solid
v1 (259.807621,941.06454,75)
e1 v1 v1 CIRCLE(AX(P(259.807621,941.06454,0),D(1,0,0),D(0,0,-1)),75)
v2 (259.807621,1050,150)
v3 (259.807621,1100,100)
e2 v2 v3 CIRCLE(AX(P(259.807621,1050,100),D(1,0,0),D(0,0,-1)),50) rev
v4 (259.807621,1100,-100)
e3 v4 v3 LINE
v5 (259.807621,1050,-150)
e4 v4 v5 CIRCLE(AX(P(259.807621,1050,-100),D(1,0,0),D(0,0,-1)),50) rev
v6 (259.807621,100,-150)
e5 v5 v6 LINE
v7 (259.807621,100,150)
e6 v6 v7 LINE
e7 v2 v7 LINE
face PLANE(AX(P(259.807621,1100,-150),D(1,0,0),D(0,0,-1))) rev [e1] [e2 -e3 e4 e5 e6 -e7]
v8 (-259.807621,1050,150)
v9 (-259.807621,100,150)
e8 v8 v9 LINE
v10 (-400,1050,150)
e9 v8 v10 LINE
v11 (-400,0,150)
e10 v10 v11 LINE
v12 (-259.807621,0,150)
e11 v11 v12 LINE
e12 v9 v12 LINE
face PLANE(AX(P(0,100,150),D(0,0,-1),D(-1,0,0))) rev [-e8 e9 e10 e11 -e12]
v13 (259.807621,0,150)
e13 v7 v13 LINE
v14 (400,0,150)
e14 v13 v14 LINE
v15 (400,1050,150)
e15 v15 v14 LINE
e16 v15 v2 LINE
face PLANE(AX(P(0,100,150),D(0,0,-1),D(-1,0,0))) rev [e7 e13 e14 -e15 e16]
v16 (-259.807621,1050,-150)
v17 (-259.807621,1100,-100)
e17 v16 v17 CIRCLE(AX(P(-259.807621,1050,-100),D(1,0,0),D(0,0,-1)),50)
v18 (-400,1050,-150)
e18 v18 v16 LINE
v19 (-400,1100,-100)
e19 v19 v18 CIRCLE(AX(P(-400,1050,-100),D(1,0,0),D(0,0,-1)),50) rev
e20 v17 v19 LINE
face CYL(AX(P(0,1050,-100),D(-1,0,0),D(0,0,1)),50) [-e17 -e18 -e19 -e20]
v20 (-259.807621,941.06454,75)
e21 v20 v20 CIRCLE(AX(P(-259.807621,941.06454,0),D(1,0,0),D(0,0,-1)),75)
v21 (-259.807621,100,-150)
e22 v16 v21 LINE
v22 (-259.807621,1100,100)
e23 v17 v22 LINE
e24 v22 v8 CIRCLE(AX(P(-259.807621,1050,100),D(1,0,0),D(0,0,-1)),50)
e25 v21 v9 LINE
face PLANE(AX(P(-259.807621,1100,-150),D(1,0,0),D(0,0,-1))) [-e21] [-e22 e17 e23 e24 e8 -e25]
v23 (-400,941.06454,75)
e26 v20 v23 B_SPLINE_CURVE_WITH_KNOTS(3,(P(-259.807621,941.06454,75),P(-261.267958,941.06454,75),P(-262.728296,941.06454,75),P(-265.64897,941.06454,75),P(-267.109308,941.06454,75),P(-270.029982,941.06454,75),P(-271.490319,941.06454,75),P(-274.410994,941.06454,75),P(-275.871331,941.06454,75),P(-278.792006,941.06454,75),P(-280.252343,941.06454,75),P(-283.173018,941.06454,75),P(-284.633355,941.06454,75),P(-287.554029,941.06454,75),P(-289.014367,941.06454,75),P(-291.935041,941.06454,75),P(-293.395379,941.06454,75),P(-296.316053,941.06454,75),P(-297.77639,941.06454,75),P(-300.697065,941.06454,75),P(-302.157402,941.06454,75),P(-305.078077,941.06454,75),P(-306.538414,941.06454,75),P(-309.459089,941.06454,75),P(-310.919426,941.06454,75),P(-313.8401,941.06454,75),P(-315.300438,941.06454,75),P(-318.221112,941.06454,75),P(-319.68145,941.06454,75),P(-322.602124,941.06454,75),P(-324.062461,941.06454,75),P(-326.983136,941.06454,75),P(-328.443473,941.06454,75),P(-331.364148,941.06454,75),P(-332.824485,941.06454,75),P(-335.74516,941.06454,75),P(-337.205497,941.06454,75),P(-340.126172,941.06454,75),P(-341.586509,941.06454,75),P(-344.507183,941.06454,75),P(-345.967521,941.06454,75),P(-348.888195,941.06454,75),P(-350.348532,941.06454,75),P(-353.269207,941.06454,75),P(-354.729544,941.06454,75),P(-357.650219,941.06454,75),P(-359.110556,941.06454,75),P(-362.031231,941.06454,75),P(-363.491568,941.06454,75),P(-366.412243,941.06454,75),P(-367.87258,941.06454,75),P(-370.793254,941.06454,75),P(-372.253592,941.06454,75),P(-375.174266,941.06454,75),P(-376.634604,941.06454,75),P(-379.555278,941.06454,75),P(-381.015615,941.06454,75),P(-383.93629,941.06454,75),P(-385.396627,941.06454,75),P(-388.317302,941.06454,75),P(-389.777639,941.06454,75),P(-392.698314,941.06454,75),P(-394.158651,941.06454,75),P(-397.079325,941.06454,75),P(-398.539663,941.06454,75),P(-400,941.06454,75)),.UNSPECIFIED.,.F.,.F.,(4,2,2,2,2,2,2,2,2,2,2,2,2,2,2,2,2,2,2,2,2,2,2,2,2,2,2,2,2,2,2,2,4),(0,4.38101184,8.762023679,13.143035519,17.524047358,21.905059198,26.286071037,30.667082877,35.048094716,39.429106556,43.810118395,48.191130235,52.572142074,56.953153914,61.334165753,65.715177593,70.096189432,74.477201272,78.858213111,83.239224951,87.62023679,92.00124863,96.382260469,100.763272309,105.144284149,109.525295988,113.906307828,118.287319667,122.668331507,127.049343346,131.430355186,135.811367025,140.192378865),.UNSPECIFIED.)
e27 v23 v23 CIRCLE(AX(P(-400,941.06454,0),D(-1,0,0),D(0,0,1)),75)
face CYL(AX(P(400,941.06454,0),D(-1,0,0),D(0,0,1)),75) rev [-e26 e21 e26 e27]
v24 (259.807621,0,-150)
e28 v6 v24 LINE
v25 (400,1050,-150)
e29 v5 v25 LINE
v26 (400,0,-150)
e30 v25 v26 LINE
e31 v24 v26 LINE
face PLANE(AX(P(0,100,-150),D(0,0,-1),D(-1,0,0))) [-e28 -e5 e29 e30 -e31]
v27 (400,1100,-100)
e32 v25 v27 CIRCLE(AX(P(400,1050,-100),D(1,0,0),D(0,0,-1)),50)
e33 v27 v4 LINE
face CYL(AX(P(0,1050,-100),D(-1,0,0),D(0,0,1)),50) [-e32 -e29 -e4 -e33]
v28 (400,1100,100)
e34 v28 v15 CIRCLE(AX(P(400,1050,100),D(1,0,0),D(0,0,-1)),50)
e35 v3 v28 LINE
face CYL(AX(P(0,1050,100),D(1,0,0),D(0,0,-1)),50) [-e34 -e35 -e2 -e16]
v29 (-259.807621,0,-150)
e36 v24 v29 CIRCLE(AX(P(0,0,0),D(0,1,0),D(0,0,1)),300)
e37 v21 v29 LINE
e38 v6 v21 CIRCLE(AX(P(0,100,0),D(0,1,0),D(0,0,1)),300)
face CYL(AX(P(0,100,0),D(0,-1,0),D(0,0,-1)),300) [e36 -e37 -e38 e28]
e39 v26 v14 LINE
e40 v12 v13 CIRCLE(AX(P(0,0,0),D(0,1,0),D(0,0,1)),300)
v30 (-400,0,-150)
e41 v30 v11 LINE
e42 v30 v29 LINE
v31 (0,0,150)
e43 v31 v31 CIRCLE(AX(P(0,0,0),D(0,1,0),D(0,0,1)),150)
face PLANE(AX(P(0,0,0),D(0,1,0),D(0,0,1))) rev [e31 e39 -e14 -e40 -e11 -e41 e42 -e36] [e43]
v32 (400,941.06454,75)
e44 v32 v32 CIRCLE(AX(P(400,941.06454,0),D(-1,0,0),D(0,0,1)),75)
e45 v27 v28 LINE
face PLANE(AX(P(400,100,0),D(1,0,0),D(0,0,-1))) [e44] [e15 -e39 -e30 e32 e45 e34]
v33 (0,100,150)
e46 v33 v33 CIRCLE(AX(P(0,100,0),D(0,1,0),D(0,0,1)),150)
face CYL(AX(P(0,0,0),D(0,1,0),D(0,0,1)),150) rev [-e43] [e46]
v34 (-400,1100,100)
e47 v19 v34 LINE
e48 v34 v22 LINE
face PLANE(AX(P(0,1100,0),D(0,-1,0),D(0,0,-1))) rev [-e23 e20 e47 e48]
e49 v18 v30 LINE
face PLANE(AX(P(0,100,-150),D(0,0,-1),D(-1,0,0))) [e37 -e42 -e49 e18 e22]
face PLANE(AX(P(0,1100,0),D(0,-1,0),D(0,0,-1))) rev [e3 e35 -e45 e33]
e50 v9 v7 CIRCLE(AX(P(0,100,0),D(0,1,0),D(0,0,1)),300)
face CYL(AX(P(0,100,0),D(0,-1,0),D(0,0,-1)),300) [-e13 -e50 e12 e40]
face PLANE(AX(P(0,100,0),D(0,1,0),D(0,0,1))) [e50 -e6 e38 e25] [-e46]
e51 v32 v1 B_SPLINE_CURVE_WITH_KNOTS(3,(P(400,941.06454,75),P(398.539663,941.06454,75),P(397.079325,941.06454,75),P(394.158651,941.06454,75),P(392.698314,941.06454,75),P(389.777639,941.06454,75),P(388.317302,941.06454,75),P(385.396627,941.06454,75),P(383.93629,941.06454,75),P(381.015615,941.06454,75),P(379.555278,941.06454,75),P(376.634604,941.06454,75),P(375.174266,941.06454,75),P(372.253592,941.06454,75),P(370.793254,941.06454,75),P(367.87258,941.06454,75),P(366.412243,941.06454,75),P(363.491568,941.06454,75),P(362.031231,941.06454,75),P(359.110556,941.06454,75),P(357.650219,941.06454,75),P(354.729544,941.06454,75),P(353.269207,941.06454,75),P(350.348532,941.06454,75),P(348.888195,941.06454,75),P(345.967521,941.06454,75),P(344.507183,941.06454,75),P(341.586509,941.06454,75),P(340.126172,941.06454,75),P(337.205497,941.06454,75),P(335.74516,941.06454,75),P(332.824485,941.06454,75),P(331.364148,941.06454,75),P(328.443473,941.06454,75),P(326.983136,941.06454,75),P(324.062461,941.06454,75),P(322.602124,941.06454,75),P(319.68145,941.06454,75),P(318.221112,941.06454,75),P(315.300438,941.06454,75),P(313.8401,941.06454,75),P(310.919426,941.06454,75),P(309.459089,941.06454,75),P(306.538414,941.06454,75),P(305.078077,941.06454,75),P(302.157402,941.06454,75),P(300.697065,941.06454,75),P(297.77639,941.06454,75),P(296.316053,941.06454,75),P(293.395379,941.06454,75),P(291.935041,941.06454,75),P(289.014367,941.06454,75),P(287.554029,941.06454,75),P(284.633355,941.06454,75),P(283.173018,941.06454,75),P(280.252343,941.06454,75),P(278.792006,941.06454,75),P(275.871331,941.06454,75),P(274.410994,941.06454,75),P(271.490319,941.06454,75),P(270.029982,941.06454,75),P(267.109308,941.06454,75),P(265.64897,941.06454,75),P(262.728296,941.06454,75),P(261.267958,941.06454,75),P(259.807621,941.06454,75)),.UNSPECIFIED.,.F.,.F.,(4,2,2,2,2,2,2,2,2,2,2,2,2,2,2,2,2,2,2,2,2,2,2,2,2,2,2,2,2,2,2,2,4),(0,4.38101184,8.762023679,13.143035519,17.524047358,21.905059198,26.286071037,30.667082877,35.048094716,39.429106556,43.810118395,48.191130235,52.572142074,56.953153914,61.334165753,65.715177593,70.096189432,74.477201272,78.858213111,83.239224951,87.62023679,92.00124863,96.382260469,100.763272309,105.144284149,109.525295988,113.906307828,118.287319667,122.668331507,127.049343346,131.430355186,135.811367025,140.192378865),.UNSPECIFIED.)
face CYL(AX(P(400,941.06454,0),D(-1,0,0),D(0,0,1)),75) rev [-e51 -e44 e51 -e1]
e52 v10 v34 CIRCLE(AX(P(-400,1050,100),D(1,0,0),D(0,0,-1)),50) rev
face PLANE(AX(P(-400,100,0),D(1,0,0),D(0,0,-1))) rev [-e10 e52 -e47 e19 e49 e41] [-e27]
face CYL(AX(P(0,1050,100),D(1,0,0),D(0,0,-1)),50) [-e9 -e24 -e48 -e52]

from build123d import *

# Parameters (mm, degrees)
BOSS_EXTRUDE1_DEPTH = 100
SKETCH2_W           = 140.192378865
SKETCH2_H           = 300
BOSS_EXTRUDE2_DEPTH = 1000
SKETCH3_R           = 150
CUT_EXTRUDE1_DEPTH  = 100
FILLET1_R           = 50
CUT_EXTRUDE2_START  = -800
SKETCH4_R           = 75
CUT_EXTRUDE2_DEPTH  = 800


with BuildPart() as part:
    # Sketch1 → Boss-Extrude1 (new body)
    with BuildSketch(Plane(origin=(0, 0, 0), x_dir=(1, 0, 0), z_dir=(0, 1, 0))):
        with BuildLine():
            ThreePointArc((259.807621135, 150), (0, 300), (-259.807621135, 150))
            Line((-259.807621135, 150), (259.807621135, 150))
        make_face()
        with BuildLine():
            Line((259.807621135, 150), (-259.807621135, 150))
            ThreePointArc((-259.807621135, 150), (-300, 0), (-259.807621135, -150))
            Line((-259.807621135, -150), (259.807621135, -150))
            ThreePointArc((259.807621135, -150), (289.777747887, -77.645713531), (300, 0))
            ThreePointArc((300, 0), (289.777747887, 77.645713531), (259.807621135, 150))
        make_face()
        with BuildLine():
            Line((259.807621135, -150), (-259.807621135, -150))
            ThreePointArc((-259.807621135, -150), (0, -300), (259.807621135, -150))
        make_face()
        with BuildLine():
            Line((-259.807621135, 150), (-400, 150))
            Line((-400, 150), (-400, -150))
            Line((-400, -150), (-259.807621135, -150))
            ThreePointArc((-259.807621135, -150), (-300, 0), (-259.807621135, 150))
        make_face()
        with BuildLine():
            Line((400, 150), (259.807621135, 150))
            ThreePointArc((259.807621135, 150), (289.777747887, 77.645713531), (300, 0))
            ThreePointArc((300, 0), (289.777747887, -77.645713531), (259.807621135, -150))
            Line((259.807621135, -150), (400, -150))
            Line((400, -150), (400, 150))
        make_face()
    extrude(amount=BOSS_EXTRUDE1_DEPTH)

    # Sketch2 → Boss-Extrude2 (add)
    with BuildSketch(Plane(origin=(0, 100, 0), x_dir=(1, 0, 0), z_dir=(0, 1, 0))):
        with Locations((-329.903810568, 0)):
            Rectangle(SKETCH2_W, SKETCH2_H)
        with Locations((329.903810568, 0)):
            Rectangle(SKETCH2_W, SKETCH2_H)
    extrude(amount=BOSS_EXTRUDE2_DEPTH)

    # Sketch3 → Cut-Extrude1 (cut)
    with BuildSketch(Plane(origin=(0, 100, 0), x_dir=(1, 0, 0), z_dir=(0, 1, 0))):
        with Locations(Location((0, 0, 0), (0, 0, 270))):
            Circle(SKETCH3_R)
    extrude(amount=-CUT_EXTRUDE1_DEPTH, mode=Mode.SUBTRACT)

    # Fillet1
    fillet1_edges = [part.edges().sort_by_distance(p)[0] for p in [
        (-329.903810568, 1100, -150),
        (-329.903810568, 1100, 150),
        (329.903810568, 1100, -150),
        (329.903810568, 1100, 150),
    ]]
    fillet(fillet1_edges, radius=FILLET1_R)

    # Sketch4 → Cut-Extrude2 (cut)
    with BuildSketch(Plane.ZY.offset(400).offset(CUT_EXTRUDE2_START)):
        with Locations((0, 941.064540291)):
            Circle(SKETCH4_R)
    extrude(amount=CUT_EXTRUDE2_DEPTH, mode=Mode.SUBTRACT)


solid = part.part
